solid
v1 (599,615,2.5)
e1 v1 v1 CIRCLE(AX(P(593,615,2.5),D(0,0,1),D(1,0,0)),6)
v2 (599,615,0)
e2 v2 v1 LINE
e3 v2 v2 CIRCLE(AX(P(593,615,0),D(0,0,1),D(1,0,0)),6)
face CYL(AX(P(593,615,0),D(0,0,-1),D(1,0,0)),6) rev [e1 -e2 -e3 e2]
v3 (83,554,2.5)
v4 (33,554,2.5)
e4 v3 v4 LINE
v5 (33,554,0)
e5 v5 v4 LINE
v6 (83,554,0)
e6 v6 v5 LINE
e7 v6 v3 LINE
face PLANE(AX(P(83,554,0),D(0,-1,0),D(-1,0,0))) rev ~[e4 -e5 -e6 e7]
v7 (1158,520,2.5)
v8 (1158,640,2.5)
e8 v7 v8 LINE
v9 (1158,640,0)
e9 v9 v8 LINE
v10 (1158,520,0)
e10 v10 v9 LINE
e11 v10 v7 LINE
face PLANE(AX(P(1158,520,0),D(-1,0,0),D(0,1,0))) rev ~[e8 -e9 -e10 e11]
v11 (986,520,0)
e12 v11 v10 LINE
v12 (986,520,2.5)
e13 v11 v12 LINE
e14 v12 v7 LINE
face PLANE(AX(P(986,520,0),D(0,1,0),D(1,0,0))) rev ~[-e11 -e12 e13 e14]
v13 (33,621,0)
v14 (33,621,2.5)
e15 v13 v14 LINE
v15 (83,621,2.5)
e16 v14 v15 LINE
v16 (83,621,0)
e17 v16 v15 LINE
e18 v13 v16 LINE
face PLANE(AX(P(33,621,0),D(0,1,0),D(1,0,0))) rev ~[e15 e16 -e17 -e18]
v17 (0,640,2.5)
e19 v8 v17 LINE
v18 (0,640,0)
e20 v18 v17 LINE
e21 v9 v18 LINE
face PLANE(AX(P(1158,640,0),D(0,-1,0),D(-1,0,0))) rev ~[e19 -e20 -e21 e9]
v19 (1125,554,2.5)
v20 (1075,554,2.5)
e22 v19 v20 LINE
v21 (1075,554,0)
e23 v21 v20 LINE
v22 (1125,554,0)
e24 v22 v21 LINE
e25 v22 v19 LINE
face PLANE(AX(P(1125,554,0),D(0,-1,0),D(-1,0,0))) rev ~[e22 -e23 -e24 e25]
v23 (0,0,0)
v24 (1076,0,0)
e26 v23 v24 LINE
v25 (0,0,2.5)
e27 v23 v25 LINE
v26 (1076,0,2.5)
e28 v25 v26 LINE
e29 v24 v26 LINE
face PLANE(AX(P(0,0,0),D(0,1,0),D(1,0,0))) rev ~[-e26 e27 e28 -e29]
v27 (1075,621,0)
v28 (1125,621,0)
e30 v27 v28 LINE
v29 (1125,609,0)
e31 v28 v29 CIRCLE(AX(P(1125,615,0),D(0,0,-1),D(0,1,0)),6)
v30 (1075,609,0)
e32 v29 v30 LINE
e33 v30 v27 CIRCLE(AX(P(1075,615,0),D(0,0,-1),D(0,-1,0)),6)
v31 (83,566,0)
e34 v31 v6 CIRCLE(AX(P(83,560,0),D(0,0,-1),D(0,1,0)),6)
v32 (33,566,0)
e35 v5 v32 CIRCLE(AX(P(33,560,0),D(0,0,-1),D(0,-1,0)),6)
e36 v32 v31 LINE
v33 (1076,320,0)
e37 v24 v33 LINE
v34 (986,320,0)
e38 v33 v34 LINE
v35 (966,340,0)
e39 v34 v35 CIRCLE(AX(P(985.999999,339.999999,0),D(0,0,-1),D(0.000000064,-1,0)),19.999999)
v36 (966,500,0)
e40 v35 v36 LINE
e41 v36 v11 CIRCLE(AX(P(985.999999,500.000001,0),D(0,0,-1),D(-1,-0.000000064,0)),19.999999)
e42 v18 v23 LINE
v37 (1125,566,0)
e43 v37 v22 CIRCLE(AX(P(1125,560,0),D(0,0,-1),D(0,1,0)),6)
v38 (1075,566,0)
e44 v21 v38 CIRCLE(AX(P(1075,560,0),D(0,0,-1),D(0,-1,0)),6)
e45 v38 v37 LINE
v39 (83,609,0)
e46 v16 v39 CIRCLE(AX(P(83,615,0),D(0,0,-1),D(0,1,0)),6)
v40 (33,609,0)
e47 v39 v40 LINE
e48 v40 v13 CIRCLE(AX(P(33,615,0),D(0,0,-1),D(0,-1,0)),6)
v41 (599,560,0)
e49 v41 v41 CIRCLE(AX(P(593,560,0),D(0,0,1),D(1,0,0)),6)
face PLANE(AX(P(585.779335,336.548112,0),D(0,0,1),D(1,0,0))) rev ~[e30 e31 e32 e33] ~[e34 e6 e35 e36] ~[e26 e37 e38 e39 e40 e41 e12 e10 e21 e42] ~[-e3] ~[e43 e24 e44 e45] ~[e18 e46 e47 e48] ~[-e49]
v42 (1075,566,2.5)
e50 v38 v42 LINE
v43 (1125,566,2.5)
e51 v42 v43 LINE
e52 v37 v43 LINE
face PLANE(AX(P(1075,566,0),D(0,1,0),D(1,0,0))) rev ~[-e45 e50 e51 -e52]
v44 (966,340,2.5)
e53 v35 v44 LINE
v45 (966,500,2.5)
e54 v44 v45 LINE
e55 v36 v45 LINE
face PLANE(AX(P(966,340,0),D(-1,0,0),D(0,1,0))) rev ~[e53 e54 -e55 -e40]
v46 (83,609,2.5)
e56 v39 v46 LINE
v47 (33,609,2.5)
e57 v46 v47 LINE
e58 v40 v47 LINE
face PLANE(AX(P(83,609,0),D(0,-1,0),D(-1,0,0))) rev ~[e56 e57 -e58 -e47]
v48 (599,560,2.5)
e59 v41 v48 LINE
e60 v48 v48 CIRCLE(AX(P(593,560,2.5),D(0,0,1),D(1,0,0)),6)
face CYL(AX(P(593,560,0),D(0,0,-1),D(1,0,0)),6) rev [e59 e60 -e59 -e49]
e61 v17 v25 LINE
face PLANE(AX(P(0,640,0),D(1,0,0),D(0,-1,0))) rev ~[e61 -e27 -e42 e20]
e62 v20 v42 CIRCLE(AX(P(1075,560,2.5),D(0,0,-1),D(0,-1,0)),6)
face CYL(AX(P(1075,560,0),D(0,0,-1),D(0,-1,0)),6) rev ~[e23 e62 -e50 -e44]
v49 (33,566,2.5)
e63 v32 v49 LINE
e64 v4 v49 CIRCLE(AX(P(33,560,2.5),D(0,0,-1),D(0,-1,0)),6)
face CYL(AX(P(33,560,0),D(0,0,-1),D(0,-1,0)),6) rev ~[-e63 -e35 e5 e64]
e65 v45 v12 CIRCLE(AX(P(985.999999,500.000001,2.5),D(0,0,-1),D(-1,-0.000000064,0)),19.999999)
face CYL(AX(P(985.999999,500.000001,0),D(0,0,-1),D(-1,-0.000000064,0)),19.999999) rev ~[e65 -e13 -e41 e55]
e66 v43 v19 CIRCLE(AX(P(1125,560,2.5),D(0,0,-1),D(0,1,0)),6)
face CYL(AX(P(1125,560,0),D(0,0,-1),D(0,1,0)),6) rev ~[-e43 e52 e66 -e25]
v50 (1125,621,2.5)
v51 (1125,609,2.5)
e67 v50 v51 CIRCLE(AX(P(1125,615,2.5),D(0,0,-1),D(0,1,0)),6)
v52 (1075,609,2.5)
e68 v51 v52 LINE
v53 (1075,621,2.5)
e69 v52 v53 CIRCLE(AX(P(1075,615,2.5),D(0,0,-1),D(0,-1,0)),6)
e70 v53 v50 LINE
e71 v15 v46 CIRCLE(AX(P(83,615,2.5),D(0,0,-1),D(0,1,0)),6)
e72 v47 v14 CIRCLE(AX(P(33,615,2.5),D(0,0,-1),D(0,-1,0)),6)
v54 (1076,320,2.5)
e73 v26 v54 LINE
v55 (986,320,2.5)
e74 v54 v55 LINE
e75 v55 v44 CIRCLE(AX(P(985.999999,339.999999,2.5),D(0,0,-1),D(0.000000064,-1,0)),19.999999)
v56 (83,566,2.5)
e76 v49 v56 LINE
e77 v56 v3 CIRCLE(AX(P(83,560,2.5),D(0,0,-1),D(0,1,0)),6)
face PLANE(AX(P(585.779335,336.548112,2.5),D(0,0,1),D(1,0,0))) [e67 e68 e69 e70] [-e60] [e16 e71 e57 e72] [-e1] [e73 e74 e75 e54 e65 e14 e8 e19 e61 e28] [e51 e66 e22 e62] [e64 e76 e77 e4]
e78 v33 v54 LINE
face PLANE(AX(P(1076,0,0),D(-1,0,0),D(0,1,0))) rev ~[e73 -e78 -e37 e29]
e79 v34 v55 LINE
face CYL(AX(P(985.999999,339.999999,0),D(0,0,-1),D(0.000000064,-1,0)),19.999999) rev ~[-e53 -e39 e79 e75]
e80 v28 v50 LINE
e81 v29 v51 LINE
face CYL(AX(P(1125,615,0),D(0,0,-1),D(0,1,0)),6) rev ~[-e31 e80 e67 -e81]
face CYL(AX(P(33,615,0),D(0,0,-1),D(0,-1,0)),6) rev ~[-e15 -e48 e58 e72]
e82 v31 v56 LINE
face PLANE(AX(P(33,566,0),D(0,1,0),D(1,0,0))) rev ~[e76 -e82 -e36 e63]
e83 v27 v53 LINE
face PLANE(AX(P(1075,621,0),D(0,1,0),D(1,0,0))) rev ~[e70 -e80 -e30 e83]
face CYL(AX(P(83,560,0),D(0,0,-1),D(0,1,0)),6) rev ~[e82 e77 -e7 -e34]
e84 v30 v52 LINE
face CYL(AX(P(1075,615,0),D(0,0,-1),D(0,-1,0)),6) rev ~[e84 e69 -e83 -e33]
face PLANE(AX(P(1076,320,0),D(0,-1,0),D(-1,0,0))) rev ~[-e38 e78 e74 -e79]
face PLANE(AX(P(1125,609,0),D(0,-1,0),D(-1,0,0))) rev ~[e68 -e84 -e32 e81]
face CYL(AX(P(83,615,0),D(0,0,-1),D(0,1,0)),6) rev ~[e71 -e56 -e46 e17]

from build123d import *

# Parameters (mm, degrees)
F0_R     = 6
F1_DEPTH = 2.5


with BuildPart() as f1:
    # F0 (on Top) → F1 (new body)
    with BuildSketch(Plane.XY):
        with BuildLine():
            Line((0, 640), (0, 0))
            Line((0, 0), (1076, 0))
            Line((1076, 0), (1076, 320))
            Line((1076, 320), (986, 320))
            ThreePointArc((986, 320), (971.857864, 325.857864), (966, 340))
            Line((966, 340), (966, 500))
            ThreePointArc((966, 500), (971.857864, 514.142136), (986, 520))
            Line((986, 520), (1158, 520))
            Line((1158, 520), (1158, 640))
            Line((1158, 640), (0, 640))
        make_face()
        with BuildLine():
            ThreePointArc((33, 554), (27, 560), (33, 566))
            Line((33, 566), (83, 566))
            ThreePointArc((83, 566), (89, 560), (83, 554))
            Line((83, 554), (33, 554))
        make_face(mode=Mode.SUBTRACT)
        with BuildLine():
            ThreePointArc((33, 609), (27, 615), (33, 621))
            Line((33, 621), (83, 621))
            ThreePointArc((83, 621), (89, 615), (83, 609))
            Line((83, 609), (33, 609))
        make_face(mode=Mode.SUBTRACT)
        with Locations((593, 560)):
            Circle(F0_R, mode=Mode.SUBTRACT)
        with Locations((593, 615)):
            Circle(F0_R, mode=Mode.SUBTRACT)
        with BuildLine():
            ThreePointArc((1075, 554), (1069, 560), (1075, 566))
            Line((1075, 566), (1125, 566))
            ThreePointArc((1125, 566), (1131, 560), (1125, 554))
            Line((1125, 554), (1075, 554))
        make_face(mode=Mode.SUBTRACT)
        with BuildLine():
            ThreePointArc((1075, 609), (1069, 615), (1075, 621))
            Line((1075, 621), (1125, 621))
            ThreePointArc((1125, 621), (1131, 615), (1125, 609))
            Line((1125, 609), (1075, 609))
        make_face(mode=Mode.SUBTRACT)
    extrude(amount=F1_DEPTH)


solid = f1.part
